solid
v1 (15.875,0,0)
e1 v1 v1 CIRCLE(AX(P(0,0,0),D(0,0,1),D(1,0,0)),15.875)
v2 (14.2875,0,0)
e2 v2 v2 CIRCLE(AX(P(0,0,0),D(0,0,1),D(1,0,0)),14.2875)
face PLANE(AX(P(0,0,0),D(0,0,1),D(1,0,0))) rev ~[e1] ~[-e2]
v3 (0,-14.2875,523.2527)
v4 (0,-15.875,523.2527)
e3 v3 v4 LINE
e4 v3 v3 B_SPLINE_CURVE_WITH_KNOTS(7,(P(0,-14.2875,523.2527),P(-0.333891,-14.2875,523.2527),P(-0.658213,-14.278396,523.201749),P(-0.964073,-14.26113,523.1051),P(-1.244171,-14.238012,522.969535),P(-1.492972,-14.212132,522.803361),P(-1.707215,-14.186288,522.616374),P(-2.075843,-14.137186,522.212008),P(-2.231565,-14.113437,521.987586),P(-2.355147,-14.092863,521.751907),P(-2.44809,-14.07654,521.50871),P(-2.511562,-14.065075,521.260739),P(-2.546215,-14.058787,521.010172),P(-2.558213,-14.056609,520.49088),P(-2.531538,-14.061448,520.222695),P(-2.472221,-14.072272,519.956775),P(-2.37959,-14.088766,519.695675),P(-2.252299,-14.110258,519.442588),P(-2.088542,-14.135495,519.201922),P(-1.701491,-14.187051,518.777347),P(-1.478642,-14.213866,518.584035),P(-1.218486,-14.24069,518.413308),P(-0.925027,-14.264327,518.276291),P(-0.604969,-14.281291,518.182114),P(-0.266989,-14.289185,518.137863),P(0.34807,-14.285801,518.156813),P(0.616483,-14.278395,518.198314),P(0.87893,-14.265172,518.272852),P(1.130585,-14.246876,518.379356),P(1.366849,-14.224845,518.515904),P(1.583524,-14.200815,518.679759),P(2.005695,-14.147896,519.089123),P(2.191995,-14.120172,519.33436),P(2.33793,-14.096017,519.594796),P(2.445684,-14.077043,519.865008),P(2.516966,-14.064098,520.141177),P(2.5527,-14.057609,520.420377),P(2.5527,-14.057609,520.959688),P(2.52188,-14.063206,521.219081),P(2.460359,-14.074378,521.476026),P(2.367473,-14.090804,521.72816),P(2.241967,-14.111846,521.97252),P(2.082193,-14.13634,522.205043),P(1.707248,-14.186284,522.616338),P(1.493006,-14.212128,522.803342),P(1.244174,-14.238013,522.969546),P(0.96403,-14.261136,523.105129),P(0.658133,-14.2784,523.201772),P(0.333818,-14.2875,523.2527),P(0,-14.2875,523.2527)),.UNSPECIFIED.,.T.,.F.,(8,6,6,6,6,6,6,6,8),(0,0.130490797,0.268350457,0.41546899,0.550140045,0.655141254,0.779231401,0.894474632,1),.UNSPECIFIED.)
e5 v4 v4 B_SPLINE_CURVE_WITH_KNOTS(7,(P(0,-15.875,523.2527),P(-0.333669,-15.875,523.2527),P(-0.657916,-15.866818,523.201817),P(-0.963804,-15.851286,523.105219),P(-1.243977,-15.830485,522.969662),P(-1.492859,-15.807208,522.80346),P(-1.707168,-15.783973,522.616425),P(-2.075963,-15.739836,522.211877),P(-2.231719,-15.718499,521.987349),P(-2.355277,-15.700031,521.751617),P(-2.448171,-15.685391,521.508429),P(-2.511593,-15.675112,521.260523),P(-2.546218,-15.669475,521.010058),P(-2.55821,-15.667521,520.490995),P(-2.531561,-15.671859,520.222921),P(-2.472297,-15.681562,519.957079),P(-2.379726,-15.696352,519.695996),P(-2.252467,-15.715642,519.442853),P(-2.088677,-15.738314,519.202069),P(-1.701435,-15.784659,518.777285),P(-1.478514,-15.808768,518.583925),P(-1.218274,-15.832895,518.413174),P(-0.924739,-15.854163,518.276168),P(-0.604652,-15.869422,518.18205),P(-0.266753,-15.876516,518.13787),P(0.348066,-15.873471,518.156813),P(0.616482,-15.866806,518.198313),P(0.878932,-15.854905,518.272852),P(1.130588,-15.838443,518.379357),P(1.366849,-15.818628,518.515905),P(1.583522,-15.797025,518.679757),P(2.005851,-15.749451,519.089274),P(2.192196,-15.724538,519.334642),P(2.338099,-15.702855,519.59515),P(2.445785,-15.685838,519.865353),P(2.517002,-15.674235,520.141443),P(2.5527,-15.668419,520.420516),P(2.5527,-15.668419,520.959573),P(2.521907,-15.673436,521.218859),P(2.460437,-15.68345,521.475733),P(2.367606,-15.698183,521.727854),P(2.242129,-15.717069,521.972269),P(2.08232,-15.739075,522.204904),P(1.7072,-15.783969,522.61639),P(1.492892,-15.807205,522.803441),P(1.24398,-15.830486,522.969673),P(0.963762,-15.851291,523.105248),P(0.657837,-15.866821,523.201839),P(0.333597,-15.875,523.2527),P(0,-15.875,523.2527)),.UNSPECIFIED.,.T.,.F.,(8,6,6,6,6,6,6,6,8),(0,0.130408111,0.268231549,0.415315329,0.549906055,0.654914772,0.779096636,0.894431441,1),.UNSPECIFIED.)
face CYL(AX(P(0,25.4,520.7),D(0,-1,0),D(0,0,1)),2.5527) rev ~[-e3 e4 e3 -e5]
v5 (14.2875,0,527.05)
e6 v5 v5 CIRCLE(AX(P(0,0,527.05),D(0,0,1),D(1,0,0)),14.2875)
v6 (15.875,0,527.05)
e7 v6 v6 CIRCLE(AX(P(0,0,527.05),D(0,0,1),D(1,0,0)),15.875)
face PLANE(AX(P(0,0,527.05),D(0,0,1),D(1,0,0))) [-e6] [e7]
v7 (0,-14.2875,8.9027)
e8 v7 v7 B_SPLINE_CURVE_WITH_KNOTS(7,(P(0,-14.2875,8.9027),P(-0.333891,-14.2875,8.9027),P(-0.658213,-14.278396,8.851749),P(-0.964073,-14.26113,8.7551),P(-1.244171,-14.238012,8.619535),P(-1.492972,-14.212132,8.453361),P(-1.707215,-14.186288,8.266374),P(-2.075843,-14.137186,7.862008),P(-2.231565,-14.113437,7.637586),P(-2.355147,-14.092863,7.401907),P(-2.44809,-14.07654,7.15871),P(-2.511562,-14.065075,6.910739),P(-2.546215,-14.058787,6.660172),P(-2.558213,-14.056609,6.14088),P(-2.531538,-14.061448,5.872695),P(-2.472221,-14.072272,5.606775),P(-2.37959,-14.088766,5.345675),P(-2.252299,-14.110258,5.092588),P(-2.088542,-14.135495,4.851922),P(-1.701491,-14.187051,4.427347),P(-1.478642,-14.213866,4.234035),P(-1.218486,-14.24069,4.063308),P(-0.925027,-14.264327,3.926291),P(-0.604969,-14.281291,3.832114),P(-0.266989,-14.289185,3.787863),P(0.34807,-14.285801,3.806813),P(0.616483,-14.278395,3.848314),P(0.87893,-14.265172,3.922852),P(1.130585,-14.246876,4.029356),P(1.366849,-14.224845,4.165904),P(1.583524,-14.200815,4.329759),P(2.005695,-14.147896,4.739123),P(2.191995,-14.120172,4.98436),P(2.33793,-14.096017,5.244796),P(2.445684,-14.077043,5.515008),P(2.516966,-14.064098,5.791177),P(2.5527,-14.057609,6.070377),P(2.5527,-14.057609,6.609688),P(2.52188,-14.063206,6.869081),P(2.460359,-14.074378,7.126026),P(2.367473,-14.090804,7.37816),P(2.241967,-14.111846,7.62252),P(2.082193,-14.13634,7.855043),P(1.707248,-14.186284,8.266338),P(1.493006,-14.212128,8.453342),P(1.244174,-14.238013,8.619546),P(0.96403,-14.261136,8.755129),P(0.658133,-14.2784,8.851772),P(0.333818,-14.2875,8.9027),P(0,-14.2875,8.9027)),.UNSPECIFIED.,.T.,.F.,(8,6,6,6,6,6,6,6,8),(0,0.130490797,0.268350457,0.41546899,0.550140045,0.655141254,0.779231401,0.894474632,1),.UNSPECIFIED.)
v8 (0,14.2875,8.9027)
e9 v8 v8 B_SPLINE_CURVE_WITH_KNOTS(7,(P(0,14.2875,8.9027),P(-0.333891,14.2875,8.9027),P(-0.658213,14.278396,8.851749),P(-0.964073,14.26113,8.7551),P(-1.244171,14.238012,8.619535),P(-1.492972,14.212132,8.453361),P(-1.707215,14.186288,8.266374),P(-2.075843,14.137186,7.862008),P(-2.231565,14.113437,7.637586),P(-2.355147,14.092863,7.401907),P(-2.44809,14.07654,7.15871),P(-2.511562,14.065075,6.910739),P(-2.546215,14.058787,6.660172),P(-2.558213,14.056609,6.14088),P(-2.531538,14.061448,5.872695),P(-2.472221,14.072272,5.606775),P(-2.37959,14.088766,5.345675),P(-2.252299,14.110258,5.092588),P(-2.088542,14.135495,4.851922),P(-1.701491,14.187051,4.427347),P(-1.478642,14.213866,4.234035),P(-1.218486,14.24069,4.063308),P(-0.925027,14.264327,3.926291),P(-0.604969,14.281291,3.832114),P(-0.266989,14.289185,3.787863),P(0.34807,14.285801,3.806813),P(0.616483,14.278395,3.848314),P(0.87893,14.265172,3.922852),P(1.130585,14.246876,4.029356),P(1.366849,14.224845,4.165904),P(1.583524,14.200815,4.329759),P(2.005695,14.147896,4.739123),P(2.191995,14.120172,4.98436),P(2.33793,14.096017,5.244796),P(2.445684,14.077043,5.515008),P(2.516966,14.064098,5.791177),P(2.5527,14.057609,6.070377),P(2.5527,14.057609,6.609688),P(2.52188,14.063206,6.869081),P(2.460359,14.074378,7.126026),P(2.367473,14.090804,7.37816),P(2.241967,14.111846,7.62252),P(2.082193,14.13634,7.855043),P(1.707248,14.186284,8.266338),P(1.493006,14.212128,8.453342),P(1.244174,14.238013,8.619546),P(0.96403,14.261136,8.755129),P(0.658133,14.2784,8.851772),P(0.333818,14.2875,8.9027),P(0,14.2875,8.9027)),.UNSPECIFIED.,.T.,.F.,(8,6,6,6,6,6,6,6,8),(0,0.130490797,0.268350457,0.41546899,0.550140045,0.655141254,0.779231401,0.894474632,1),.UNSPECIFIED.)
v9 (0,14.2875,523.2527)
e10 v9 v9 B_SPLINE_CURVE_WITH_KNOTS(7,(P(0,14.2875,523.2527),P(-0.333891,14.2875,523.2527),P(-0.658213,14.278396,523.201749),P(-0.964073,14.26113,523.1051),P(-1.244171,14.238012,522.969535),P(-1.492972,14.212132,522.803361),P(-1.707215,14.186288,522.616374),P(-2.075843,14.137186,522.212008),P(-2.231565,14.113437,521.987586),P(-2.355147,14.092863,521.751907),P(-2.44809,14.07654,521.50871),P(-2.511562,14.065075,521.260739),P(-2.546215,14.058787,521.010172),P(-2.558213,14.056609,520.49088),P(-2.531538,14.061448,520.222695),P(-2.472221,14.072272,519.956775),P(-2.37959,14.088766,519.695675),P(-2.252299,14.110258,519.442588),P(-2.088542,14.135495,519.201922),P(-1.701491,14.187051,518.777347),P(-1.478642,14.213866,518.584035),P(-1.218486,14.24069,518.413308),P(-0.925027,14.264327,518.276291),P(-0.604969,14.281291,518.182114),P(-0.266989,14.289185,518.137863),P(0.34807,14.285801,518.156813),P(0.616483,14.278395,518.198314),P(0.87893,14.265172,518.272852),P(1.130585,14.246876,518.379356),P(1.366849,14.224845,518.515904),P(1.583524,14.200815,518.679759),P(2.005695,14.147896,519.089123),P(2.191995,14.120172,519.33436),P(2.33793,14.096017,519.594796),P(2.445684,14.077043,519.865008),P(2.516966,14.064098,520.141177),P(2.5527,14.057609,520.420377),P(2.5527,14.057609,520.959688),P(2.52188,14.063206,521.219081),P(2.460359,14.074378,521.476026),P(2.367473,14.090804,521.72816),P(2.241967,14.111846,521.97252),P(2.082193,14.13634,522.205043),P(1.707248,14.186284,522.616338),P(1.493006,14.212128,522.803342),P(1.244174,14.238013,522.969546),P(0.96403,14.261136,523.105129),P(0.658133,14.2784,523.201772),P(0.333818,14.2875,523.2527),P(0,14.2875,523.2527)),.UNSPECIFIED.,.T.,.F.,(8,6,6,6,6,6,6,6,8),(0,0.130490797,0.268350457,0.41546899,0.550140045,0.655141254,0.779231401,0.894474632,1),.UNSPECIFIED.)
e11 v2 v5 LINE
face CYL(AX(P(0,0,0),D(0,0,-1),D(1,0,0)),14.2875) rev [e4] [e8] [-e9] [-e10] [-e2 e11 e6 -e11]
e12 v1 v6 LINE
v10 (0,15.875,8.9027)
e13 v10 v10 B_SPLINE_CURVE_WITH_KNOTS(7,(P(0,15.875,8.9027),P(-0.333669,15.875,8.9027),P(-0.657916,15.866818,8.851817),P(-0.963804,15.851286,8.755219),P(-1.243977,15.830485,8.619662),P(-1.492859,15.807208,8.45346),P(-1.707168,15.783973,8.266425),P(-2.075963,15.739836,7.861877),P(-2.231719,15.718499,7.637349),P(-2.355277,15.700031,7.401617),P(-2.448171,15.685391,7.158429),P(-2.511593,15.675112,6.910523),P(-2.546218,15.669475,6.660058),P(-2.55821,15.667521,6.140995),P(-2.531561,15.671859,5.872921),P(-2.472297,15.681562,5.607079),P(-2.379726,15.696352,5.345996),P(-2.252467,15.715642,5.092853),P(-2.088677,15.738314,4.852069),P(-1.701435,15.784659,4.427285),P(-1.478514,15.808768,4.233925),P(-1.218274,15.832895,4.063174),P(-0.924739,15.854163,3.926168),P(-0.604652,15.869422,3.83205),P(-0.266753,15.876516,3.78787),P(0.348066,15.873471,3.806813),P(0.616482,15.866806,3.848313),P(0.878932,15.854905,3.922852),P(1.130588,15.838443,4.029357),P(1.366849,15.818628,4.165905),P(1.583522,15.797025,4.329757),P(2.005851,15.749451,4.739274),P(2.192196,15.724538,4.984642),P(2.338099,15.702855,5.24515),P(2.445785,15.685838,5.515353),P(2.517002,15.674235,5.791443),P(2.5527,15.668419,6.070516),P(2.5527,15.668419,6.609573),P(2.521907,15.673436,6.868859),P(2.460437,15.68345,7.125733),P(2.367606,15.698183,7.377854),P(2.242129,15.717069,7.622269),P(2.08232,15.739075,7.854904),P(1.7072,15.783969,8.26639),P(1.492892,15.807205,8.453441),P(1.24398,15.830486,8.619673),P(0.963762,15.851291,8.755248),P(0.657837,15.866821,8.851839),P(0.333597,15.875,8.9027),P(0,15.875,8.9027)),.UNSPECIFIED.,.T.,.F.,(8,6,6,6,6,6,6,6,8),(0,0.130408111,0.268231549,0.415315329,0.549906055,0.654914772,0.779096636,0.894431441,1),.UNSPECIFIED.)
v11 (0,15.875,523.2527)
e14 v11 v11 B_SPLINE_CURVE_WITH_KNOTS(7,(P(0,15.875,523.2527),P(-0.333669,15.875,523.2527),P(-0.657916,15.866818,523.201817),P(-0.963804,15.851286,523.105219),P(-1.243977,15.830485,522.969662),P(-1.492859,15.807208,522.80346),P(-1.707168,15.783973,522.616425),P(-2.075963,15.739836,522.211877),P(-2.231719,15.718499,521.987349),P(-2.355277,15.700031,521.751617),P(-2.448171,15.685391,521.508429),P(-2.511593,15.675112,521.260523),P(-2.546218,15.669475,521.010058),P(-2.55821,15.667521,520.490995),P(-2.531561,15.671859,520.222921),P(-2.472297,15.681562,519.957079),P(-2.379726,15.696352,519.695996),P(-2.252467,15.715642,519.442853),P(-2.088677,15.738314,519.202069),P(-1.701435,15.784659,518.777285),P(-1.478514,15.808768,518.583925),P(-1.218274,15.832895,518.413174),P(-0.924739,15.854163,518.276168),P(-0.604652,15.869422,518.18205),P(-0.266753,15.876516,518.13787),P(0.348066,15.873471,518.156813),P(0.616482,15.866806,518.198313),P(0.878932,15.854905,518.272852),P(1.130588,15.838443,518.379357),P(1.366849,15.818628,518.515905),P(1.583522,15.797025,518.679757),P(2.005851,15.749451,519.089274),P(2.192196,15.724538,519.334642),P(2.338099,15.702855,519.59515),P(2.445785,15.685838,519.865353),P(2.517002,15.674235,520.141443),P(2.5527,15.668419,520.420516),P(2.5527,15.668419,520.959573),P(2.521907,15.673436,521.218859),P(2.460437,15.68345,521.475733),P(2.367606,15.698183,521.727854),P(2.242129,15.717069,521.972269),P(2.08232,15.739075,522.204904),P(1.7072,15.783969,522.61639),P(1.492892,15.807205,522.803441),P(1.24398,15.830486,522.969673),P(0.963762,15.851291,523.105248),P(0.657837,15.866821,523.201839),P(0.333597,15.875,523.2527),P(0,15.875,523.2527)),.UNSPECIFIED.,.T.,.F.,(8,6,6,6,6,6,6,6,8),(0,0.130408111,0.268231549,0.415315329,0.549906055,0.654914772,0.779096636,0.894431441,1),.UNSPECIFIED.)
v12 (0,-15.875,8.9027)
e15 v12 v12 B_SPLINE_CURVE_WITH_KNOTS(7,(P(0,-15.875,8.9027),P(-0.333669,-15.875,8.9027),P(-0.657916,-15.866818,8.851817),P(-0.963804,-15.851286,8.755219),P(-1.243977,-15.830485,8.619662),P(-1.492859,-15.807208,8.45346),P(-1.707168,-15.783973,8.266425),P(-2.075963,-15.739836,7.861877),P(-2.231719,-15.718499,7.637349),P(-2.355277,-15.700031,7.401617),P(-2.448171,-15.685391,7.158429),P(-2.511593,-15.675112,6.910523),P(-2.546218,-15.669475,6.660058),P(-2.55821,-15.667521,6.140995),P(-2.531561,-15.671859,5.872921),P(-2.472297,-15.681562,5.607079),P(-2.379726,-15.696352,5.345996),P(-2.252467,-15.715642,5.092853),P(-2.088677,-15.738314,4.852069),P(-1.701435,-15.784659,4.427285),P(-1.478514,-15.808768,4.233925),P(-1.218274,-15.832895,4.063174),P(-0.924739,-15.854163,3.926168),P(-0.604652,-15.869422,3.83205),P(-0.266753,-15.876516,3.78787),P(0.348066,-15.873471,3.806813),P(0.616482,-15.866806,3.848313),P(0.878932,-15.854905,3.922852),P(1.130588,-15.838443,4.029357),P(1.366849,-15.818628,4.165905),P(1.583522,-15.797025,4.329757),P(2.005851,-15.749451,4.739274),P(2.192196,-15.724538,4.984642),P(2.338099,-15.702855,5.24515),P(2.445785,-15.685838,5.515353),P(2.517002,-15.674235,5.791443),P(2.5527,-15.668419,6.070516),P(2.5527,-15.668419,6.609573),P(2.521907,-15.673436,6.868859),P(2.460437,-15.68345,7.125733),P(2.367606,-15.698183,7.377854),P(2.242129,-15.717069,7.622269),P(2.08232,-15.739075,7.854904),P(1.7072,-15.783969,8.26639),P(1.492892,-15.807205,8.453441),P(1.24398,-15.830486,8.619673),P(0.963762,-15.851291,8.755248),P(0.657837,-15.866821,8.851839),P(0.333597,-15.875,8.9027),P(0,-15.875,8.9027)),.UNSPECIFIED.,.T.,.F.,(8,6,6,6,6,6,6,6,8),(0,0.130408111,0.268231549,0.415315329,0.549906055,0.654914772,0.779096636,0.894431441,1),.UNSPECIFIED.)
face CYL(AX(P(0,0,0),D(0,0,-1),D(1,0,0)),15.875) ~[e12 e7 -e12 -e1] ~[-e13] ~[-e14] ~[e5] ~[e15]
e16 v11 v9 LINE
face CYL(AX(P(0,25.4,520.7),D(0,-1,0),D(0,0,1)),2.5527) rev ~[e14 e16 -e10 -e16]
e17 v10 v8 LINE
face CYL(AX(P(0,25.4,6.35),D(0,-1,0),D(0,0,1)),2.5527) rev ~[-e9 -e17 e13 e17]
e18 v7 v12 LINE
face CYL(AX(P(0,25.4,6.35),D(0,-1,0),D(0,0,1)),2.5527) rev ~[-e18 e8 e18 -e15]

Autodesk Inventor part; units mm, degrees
ref_plane "YZ Plane" through (0, 0, 0) normal (1, 0, 0) x (0, 1, 0)
ref_plane "XY Plane" through (0, 0, 0) normal (0, 0, 1) x (1, 0, 0)
sketch "Sketch1" plane through (0, 0, 0) normal (0, 0, 1) x (1, 0, 0)
  circle A0 centre (0, 0) radius 14.2875
  circle A1 centre (0, 0) radius 15.875
  dimension "d0" = 28.575
  dimension "d1" = 31.75
extrude "Extrusion1" add sketch "Sketch1" along normal blind 527.05
ref_plane "Work Plane1" through (0, 25.4, 0) normal (0, 1, 0) x (-1, 0, 0)
sketch "Sketch2" plane through (0, 25.4, 0) normal (0, 1, 0) x (-1, 0, 0)
  line L0 (15.875, 527.05) -> (-15.875, 527.05) projected
  line L1 (-15.875, 0) -> (15.875, 0) projected
  point P0 (0, 0)
  point P1 (0, 6.35)
  point P2 (0, 520.7)
  point P3 (0, 0)
  point P4 (0, 527.05)
  dimension "d5" = 6.35
  dimension "d6" = 6.35
hole "Hole1" at (0, 25.4, 6.35) at (0, 25.4, 520.7) direction (0, -1, 0) diameter 5.1054 end through all
properties part number "ARM_081_BottomRollerTube" material "Aluminum 6061"
